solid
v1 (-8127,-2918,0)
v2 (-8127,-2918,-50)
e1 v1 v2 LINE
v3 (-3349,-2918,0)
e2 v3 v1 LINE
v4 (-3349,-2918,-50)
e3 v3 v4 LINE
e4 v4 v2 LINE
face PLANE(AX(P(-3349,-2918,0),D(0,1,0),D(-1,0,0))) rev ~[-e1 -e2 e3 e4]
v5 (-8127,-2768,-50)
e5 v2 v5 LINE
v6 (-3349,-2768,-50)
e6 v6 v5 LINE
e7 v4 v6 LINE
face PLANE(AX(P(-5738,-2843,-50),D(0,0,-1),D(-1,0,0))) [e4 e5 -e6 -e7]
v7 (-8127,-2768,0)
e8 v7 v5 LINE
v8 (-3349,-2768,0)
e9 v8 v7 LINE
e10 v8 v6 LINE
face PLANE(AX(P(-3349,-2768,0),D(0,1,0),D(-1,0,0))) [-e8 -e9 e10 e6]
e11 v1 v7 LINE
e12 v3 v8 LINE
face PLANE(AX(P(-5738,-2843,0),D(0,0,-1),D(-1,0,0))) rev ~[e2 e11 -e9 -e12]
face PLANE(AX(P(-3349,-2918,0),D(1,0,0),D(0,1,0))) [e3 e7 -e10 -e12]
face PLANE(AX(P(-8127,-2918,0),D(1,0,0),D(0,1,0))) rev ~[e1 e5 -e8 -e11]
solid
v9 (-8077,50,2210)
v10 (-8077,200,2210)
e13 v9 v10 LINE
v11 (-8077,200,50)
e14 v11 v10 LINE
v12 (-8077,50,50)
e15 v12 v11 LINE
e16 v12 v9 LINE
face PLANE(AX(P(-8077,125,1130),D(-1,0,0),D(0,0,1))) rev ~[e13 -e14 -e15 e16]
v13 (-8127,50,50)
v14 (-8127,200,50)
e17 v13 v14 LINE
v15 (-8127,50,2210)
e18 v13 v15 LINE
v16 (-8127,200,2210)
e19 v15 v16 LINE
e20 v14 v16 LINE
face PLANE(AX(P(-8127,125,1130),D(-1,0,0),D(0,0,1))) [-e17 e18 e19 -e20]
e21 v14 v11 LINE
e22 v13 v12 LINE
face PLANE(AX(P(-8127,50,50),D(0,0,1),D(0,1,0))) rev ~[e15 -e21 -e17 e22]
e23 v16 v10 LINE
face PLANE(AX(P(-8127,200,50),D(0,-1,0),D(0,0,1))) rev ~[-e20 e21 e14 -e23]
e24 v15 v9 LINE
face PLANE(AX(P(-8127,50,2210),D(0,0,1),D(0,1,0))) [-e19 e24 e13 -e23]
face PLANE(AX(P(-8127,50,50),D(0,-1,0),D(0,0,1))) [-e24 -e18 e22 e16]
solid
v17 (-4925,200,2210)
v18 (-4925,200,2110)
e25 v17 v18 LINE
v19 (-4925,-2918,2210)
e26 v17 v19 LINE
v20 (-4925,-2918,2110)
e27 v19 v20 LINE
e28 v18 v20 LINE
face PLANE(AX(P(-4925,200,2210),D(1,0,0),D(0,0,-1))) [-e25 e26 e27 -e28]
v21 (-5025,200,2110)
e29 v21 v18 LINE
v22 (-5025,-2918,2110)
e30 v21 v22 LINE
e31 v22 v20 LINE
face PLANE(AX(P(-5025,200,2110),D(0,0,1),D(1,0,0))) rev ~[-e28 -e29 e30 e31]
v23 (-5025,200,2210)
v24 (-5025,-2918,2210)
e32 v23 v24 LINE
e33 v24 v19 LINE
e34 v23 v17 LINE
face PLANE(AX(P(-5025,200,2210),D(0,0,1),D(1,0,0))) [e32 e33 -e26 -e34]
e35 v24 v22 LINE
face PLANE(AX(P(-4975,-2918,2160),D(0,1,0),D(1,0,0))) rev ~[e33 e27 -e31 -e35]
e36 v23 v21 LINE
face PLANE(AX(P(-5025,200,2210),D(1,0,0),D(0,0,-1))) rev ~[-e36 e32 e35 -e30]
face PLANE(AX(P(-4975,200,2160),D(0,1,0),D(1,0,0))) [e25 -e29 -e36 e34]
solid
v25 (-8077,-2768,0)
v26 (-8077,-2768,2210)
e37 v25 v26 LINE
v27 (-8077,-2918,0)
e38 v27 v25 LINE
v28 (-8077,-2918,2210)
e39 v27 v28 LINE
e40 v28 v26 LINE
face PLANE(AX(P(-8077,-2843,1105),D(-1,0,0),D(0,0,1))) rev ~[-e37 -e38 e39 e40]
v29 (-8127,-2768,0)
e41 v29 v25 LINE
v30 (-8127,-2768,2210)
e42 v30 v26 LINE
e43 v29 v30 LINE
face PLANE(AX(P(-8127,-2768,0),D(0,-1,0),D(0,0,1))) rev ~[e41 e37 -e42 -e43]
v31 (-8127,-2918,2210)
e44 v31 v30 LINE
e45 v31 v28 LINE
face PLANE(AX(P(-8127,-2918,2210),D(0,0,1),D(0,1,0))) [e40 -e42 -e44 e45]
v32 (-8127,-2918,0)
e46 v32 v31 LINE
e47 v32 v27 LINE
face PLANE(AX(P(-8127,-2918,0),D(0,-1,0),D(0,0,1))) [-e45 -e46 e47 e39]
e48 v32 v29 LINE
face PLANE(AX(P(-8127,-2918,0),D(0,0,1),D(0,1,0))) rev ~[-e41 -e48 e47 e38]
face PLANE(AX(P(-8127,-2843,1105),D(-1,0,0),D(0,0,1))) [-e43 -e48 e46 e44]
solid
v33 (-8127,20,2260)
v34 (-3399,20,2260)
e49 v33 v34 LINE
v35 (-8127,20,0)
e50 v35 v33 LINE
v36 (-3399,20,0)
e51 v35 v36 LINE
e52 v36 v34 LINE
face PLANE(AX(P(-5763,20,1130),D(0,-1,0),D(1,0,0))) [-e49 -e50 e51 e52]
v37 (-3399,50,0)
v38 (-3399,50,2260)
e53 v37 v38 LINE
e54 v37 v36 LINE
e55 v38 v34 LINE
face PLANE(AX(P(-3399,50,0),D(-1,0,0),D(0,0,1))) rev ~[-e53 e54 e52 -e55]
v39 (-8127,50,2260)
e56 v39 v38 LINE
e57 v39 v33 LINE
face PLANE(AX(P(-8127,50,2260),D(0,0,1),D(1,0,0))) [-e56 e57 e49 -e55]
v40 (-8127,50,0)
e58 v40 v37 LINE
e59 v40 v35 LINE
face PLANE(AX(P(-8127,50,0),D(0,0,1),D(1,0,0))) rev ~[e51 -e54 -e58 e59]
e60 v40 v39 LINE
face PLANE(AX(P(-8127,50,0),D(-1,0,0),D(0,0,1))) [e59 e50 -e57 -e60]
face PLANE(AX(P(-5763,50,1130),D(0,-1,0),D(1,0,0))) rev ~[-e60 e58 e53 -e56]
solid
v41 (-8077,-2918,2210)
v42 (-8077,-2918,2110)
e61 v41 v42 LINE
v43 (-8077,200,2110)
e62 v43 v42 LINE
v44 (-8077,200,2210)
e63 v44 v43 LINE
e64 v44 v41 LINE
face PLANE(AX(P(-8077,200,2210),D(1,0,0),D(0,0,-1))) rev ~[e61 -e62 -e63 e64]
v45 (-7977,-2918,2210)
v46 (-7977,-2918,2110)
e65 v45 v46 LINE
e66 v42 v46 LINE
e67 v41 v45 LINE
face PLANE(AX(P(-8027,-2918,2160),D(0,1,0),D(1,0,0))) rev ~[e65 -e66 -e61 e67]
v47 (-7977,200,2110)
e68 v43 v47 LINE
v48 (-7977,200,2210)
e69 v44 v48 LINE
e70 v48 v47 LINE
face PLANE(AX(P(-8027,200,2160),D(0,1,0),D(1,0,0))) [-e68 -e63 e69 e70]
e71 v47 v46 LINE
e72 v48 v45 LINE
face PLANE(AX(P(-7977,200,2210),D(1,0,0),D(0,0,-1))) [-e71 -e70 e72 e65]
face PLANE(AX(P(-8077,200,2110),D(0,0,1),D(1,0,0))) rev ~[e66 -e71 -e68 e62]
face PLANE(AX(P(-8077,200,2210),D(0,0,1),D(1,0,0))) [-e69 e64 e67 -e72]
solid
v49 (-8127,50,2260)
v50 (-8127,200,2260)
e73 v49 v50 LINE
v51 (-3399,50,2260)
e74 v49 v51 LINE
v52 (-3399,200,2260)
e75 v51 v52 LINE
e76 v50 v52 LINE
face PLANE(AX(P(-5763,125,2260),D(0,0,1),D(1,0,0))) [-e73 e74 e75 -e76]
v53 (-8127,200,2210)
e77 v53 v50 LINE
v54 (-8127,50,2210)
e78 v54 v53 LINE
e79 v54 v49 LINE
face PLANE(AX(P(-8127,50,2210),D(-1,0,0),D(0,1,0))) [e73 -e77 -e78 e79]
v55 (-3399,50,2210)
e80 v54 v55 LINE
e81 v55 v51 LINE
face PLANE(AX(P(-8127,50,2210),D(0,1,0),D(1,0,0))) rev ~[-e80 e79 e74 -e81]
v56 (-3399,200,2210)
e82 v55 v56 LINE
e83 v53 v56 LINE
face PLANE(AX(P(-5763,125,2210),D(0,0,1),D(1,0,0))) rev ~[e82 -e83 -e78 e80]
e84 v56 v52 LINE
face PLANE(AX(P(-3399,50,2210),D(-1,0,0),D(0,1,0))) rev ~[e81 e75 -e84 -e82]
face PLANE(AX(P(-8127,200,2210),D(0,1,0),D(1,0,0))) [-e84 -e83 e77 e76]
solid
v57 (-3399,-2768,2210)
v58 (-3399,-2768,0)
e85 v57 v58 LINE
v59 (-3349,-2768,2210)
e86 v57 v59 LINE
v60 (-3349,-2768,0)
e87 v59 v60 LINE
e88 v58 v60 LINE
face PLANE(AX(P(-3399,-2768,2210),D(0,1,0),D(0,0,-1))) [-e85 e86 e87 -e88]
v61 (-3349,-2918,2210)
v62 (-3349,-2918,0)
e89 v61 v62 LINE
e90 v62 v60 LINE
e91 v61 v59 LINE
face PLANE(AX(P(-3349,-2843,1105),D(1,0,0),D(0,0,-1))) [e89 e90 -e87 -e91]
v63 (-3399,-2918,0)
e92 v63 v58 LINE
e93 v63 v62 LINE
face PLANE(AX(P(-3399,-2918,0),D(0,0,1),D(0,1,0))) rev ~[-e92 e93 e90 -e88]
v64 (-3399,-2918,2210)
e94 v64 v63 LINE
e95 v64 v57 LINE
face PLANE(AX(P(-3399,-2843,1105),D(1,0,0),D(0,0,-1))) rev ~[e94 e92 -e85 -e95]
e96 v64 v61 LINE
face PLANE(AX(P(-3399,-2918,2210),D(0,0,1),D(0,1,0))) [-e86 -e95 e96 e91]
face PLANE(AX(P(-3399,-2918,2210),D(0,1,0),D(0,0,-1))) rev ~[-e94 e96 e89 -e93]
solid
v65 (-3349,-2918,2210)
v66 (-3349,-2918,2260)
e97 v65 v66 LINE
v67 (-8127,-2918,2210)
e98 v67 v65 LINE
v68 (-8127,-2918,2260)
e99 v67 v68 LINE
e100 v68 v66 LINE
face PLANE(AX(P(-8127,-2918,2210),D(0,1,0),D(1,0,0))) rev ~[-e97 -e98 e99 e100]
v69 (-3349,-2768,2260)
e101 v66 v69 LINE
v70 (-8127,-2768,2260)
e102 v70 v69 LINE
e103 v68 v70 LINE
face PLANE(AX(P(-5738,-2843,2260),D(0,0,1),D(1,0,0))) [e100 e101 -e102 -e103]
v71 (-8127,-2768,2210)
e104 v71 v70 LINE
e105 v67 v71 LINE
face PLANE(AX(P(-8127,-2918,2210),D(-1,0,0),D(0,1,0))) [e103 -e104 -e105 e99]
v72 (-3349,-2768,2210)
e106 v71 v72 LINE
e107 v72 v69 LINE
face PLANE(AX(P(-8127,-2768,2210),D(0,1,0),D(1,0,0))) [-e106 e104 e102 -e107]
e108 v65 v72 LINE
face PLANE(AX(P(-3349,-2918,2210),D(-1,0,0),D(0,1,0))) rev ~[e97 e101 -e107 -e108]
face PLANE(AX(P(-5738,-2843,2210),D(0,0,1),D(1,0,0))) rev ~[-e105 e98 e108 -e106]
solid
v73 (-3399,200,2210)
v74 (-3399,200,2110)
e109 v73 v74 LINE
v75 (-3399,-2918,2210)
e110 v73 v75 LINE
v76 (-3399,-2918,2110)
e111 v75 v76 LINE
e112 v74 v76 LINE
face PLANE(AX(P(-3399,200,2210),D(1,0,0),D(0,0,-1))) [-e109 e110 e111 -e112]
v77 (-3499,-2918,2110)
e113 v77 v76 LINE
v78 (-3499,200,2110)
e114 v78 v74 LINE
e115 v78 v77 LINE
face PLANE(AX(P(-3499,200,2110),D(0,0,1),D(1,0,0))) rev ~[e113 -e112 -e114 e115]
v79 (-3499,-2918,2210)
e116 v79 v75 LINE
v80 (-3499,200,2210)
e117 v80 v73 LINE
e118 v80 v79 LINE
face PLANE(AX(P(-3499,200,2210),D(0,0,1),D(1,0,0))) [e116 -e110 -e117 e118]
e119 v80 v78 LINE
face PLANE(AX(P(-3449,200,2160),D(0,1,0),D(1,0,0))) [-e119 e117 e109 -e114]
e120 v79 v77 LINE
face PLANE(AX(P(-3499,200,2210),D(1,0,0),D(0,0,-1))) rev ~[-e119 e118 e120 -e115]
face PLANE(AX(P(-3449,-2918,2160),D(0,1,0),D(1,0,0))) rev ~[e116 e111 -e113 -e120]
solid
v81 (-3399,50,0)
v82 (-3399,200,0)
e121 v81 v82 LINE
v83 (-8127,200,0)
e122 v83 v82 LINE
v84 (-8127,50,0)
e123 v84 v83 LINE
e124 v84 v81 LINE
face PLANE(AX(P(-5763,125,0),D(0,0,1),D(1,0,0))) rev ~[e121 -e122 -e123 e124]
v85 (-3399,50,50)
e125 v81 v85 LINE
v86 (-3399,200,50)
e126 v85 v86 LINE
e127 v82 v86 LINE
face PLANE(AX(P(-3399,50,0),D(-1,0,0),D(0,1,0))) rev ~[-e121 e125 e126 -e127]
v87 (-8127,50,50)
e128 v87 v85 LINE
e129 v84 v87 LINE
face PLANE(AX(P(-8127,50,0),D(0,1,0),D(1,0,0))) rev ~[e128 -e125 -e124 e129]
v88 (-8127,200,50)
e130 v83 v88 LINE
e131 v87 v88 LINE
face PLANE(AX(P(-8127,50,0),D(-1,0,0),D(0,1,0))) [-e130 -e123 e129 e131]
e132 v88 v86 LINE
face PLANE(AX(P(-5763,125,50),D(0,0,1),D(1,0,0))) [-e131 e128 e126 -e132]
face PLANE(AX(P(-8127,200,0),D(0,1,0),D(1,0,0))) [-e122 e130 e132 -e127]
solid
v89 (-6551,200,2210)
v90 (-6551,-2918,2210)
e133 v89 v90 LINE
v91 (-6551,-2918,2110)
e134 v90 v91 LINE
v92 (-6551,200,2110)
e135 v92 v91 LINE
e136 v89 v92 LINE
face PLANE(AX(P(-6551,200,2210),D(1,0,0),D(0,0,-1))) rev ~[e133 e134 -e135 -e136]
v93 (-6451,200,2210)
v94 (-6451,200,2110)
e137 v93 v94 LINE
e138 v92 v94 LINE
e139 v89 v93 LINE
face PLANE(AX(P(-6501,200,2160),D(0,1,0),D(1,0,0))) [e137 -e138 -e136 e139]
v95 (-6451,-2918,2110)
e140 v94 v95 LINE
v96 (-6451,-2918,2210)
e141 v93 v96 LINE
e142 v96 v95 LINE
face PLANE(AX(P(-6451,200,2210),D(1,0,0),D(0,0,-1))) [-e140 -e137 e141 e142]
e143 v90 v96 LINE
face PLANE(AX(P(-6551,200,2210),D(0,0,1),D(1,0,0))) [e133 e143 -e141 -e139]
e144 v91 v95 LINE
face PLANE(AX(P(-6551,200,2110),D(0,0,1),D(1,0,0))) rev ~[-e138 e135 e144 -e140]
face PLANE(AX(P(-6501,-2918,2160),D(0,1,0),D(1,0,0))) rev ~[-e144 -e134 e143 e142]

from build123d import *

# Parameters (mm, degrees)
SKETCH_1_W        = 4728
SKETCH_1_H        = 150
EXTRUDE_1_DEPTH   = 50
EXTRUDE_START     = 2210
SKETCH_1_3_W      = 4728
SKETCH_1_3_H      = 150
EXTRUDE_2_DEPTH   = 50
SKETCH_2_W        = 100
SKETCH_2_H        = 100
EXTRUDE_3_DEPTH   = 3118
EXTRUDE_3_2_DEPTH = 3118
EXTRUDE_3_3_DEPTH = 3118
EXTRUDE_3_4_DEPTH = 3118
SKETCH_3_W        = 4778
SKETCH_3_H        = 150
EXTRUDE_4_DEPTH   = 50
SKETCH_4_W        = 2210
SKETCH_4_H        = 150
EXTRUDE_5_DEPTH   = 50
SKETCH_4_W_2      = 2160
EXTRUDE_5_2_DEPTH = 50
SKETCH_5_W        = 4778
SKETCH_5_H        = 150
EXTRUDE_6_DEPTH   = 50
SKETCH_6_W        = 2210
SKETCH_6_H        = 150
EXTRUDE_7_DEPTH   = 50
SKETCH_7_W        = 4728
SKETCH_7_H        = 2260
EXTRUDE_8_DEPTH   = 30


with BuildPart() as part:
    # Эскиз1 → Бобышка-Вытянуть1 (new body)
    with BuildSketch(Plane.XY):
        with Locations((-5763, 125)):
            Rectangle(SKETCH_1_W, SKETCH_1_H)
    extrude(amount=EXTRUDE_1_DEPTH)


with BuildPart() as body_2:
    # Эскиз1<3> → Бобышка-Вытянуть2 (new body)
    with BuildSketch(Plane.XY.offset(EXTRUDE_START)):
        with Locations((-5763, 125)):
            Rectangle(SKETCH_1_3_W, SKETCH_1_3_H)
    extrude(amount=EXTRUDE_2_DEPTH)


with BuildPart() as body_3:
    # Эскиз2 → Бобышка-Вытянуть3 (new body)
    with BuildSketch(Plane(origin=(0, 200, 0), x_dir=(1, 0, 0), z_dir=(0, 1, 0))):
        with Locations((-3449, -2160)):
            Rectangle(SKETCH_2_W, SKETCH_2_H)
    extrude(amount=-EXTRUDE_3_DEPTH)


with BuildPart() as body_4:
    # Эскиз2 → Extrude 3 2 (new body)
    with BuildSketch(Plane(origin=(0, 200, 0), x_dir=(1, 0, 0), z_dir=(0, 1, 0))):
        with Locations((-8027, -2160)):
            Rectangle(SKETCH_2_W, SKETCH_2_H)
    extrude(amount=-EXTRUDE_3_2_DEPTH)


with BuildPart() as body_5:
    # Эскиз2 → Extrude 3 3 (new body)
    with BuildSketch(Plane(origin=(0, 200, 0), x_dir=(1, 0, 0), z_dir=(0, 1, 0))):
        with Locations((-6501, -2160)):
            Rectangle(SKETCH_2_W, SKETCH_2_H)
    extrude(amount=-EXTRUDE_3_3_DEPTH)


with BuildPart() as body_6:
    # Эскиз2 → Extrude 3 4 (new body)
    with BuildSketch(Plane(origin=(0, 200, 0), x_dir=(1, 0, 0), z_dir=(0, 1, 0))):
        with Locations((-4975, -2160)):
            Rectangle(SKETCH_2_W, SKETCH_2_H)
    extrude(amount=-EXTRUDE_3_4_DEPTH)


with BuildPart() as body_7:
    # Эскиз3 → Бобышка-Вытянуть4 (new body)
    with BuildSketch(Plane.XY.offset(2210)):
        with Locations((-5738, -2843)):
            Rectangle(SKETCH_3_W, SKETCH_3_H)
    extrude(amount=EXTRUDE_4_DEPTH)


with BuildPart() as body_8:
    # Эскиз4 → Бобышка-Вытянуть5 (new body)
    with BuildSketch(Plane.ZY.offset(8127)):
        with Locations((1105, -2843)):
            Rectangle(SKETCH_4_W, SKETCH_4_H)
    extrude(amount=-EXTRUDE_5_DEPTH)


with BuildPart() as body_9:
    # Эскиз4 → Extrude 5 2 (new body)
    with BuildSketch(Plane.ZY.offset(8127)):
        with Locations((1130, 125)):
            Rectangle(SKETCH_4_W_2, SKETCH_4_H)
    extrude(amount=-EXTRUDE_5_2_DEPTH)


with BuildPart() as body_10:
    # Эскиз5 → Бобышка-Вытянуть6 (new body)
    with BuildSketch(Plane(origin=(0, 0, 0), x_dir=(-1, 0, 0), z_dir=(0, 0, -1))):
        with Locations((5738, -2843)):
            Rectangle(SKETCH_5_W, SKETCH_5_H)
    extrude(amount=EXTRUDE_6_DEPTH)


with BuildPart() as body_11:
    # Эскиз6 → Бобышка-Вытянуть7 (new body)
    with BuildSketch(Plane(origin=(-3399, 0, 0), x_dir=(0, 0, -1), z_dir=(1, 0, 0))):
        with Locations((-1105, -2843)):
            Rectangle(SKETCH_6_W, SKETCH_6_H)
    extrude(amount=EXTRUDE_7_DEPTH)


with BuildPart() as body_12:
    # Эскиз7 → Бобышка-Вытянуть8 (new body)
    with BuildSketch(Plane.XZ.offset(-50)):
        with Locations((-5763, 1130)):
            Rectangle(SKETCH_7_W, SKETCH_7_H)
    extrude(amount=EXTRUDE_8_DEPTH)


solid = Compound([part.part, body_2.part, body_3.part, body_4.part, body_5.part, body_6.part, body_7.part, body_8.part, body_9.part, body_10.part, body_11.part, body_12.part])
